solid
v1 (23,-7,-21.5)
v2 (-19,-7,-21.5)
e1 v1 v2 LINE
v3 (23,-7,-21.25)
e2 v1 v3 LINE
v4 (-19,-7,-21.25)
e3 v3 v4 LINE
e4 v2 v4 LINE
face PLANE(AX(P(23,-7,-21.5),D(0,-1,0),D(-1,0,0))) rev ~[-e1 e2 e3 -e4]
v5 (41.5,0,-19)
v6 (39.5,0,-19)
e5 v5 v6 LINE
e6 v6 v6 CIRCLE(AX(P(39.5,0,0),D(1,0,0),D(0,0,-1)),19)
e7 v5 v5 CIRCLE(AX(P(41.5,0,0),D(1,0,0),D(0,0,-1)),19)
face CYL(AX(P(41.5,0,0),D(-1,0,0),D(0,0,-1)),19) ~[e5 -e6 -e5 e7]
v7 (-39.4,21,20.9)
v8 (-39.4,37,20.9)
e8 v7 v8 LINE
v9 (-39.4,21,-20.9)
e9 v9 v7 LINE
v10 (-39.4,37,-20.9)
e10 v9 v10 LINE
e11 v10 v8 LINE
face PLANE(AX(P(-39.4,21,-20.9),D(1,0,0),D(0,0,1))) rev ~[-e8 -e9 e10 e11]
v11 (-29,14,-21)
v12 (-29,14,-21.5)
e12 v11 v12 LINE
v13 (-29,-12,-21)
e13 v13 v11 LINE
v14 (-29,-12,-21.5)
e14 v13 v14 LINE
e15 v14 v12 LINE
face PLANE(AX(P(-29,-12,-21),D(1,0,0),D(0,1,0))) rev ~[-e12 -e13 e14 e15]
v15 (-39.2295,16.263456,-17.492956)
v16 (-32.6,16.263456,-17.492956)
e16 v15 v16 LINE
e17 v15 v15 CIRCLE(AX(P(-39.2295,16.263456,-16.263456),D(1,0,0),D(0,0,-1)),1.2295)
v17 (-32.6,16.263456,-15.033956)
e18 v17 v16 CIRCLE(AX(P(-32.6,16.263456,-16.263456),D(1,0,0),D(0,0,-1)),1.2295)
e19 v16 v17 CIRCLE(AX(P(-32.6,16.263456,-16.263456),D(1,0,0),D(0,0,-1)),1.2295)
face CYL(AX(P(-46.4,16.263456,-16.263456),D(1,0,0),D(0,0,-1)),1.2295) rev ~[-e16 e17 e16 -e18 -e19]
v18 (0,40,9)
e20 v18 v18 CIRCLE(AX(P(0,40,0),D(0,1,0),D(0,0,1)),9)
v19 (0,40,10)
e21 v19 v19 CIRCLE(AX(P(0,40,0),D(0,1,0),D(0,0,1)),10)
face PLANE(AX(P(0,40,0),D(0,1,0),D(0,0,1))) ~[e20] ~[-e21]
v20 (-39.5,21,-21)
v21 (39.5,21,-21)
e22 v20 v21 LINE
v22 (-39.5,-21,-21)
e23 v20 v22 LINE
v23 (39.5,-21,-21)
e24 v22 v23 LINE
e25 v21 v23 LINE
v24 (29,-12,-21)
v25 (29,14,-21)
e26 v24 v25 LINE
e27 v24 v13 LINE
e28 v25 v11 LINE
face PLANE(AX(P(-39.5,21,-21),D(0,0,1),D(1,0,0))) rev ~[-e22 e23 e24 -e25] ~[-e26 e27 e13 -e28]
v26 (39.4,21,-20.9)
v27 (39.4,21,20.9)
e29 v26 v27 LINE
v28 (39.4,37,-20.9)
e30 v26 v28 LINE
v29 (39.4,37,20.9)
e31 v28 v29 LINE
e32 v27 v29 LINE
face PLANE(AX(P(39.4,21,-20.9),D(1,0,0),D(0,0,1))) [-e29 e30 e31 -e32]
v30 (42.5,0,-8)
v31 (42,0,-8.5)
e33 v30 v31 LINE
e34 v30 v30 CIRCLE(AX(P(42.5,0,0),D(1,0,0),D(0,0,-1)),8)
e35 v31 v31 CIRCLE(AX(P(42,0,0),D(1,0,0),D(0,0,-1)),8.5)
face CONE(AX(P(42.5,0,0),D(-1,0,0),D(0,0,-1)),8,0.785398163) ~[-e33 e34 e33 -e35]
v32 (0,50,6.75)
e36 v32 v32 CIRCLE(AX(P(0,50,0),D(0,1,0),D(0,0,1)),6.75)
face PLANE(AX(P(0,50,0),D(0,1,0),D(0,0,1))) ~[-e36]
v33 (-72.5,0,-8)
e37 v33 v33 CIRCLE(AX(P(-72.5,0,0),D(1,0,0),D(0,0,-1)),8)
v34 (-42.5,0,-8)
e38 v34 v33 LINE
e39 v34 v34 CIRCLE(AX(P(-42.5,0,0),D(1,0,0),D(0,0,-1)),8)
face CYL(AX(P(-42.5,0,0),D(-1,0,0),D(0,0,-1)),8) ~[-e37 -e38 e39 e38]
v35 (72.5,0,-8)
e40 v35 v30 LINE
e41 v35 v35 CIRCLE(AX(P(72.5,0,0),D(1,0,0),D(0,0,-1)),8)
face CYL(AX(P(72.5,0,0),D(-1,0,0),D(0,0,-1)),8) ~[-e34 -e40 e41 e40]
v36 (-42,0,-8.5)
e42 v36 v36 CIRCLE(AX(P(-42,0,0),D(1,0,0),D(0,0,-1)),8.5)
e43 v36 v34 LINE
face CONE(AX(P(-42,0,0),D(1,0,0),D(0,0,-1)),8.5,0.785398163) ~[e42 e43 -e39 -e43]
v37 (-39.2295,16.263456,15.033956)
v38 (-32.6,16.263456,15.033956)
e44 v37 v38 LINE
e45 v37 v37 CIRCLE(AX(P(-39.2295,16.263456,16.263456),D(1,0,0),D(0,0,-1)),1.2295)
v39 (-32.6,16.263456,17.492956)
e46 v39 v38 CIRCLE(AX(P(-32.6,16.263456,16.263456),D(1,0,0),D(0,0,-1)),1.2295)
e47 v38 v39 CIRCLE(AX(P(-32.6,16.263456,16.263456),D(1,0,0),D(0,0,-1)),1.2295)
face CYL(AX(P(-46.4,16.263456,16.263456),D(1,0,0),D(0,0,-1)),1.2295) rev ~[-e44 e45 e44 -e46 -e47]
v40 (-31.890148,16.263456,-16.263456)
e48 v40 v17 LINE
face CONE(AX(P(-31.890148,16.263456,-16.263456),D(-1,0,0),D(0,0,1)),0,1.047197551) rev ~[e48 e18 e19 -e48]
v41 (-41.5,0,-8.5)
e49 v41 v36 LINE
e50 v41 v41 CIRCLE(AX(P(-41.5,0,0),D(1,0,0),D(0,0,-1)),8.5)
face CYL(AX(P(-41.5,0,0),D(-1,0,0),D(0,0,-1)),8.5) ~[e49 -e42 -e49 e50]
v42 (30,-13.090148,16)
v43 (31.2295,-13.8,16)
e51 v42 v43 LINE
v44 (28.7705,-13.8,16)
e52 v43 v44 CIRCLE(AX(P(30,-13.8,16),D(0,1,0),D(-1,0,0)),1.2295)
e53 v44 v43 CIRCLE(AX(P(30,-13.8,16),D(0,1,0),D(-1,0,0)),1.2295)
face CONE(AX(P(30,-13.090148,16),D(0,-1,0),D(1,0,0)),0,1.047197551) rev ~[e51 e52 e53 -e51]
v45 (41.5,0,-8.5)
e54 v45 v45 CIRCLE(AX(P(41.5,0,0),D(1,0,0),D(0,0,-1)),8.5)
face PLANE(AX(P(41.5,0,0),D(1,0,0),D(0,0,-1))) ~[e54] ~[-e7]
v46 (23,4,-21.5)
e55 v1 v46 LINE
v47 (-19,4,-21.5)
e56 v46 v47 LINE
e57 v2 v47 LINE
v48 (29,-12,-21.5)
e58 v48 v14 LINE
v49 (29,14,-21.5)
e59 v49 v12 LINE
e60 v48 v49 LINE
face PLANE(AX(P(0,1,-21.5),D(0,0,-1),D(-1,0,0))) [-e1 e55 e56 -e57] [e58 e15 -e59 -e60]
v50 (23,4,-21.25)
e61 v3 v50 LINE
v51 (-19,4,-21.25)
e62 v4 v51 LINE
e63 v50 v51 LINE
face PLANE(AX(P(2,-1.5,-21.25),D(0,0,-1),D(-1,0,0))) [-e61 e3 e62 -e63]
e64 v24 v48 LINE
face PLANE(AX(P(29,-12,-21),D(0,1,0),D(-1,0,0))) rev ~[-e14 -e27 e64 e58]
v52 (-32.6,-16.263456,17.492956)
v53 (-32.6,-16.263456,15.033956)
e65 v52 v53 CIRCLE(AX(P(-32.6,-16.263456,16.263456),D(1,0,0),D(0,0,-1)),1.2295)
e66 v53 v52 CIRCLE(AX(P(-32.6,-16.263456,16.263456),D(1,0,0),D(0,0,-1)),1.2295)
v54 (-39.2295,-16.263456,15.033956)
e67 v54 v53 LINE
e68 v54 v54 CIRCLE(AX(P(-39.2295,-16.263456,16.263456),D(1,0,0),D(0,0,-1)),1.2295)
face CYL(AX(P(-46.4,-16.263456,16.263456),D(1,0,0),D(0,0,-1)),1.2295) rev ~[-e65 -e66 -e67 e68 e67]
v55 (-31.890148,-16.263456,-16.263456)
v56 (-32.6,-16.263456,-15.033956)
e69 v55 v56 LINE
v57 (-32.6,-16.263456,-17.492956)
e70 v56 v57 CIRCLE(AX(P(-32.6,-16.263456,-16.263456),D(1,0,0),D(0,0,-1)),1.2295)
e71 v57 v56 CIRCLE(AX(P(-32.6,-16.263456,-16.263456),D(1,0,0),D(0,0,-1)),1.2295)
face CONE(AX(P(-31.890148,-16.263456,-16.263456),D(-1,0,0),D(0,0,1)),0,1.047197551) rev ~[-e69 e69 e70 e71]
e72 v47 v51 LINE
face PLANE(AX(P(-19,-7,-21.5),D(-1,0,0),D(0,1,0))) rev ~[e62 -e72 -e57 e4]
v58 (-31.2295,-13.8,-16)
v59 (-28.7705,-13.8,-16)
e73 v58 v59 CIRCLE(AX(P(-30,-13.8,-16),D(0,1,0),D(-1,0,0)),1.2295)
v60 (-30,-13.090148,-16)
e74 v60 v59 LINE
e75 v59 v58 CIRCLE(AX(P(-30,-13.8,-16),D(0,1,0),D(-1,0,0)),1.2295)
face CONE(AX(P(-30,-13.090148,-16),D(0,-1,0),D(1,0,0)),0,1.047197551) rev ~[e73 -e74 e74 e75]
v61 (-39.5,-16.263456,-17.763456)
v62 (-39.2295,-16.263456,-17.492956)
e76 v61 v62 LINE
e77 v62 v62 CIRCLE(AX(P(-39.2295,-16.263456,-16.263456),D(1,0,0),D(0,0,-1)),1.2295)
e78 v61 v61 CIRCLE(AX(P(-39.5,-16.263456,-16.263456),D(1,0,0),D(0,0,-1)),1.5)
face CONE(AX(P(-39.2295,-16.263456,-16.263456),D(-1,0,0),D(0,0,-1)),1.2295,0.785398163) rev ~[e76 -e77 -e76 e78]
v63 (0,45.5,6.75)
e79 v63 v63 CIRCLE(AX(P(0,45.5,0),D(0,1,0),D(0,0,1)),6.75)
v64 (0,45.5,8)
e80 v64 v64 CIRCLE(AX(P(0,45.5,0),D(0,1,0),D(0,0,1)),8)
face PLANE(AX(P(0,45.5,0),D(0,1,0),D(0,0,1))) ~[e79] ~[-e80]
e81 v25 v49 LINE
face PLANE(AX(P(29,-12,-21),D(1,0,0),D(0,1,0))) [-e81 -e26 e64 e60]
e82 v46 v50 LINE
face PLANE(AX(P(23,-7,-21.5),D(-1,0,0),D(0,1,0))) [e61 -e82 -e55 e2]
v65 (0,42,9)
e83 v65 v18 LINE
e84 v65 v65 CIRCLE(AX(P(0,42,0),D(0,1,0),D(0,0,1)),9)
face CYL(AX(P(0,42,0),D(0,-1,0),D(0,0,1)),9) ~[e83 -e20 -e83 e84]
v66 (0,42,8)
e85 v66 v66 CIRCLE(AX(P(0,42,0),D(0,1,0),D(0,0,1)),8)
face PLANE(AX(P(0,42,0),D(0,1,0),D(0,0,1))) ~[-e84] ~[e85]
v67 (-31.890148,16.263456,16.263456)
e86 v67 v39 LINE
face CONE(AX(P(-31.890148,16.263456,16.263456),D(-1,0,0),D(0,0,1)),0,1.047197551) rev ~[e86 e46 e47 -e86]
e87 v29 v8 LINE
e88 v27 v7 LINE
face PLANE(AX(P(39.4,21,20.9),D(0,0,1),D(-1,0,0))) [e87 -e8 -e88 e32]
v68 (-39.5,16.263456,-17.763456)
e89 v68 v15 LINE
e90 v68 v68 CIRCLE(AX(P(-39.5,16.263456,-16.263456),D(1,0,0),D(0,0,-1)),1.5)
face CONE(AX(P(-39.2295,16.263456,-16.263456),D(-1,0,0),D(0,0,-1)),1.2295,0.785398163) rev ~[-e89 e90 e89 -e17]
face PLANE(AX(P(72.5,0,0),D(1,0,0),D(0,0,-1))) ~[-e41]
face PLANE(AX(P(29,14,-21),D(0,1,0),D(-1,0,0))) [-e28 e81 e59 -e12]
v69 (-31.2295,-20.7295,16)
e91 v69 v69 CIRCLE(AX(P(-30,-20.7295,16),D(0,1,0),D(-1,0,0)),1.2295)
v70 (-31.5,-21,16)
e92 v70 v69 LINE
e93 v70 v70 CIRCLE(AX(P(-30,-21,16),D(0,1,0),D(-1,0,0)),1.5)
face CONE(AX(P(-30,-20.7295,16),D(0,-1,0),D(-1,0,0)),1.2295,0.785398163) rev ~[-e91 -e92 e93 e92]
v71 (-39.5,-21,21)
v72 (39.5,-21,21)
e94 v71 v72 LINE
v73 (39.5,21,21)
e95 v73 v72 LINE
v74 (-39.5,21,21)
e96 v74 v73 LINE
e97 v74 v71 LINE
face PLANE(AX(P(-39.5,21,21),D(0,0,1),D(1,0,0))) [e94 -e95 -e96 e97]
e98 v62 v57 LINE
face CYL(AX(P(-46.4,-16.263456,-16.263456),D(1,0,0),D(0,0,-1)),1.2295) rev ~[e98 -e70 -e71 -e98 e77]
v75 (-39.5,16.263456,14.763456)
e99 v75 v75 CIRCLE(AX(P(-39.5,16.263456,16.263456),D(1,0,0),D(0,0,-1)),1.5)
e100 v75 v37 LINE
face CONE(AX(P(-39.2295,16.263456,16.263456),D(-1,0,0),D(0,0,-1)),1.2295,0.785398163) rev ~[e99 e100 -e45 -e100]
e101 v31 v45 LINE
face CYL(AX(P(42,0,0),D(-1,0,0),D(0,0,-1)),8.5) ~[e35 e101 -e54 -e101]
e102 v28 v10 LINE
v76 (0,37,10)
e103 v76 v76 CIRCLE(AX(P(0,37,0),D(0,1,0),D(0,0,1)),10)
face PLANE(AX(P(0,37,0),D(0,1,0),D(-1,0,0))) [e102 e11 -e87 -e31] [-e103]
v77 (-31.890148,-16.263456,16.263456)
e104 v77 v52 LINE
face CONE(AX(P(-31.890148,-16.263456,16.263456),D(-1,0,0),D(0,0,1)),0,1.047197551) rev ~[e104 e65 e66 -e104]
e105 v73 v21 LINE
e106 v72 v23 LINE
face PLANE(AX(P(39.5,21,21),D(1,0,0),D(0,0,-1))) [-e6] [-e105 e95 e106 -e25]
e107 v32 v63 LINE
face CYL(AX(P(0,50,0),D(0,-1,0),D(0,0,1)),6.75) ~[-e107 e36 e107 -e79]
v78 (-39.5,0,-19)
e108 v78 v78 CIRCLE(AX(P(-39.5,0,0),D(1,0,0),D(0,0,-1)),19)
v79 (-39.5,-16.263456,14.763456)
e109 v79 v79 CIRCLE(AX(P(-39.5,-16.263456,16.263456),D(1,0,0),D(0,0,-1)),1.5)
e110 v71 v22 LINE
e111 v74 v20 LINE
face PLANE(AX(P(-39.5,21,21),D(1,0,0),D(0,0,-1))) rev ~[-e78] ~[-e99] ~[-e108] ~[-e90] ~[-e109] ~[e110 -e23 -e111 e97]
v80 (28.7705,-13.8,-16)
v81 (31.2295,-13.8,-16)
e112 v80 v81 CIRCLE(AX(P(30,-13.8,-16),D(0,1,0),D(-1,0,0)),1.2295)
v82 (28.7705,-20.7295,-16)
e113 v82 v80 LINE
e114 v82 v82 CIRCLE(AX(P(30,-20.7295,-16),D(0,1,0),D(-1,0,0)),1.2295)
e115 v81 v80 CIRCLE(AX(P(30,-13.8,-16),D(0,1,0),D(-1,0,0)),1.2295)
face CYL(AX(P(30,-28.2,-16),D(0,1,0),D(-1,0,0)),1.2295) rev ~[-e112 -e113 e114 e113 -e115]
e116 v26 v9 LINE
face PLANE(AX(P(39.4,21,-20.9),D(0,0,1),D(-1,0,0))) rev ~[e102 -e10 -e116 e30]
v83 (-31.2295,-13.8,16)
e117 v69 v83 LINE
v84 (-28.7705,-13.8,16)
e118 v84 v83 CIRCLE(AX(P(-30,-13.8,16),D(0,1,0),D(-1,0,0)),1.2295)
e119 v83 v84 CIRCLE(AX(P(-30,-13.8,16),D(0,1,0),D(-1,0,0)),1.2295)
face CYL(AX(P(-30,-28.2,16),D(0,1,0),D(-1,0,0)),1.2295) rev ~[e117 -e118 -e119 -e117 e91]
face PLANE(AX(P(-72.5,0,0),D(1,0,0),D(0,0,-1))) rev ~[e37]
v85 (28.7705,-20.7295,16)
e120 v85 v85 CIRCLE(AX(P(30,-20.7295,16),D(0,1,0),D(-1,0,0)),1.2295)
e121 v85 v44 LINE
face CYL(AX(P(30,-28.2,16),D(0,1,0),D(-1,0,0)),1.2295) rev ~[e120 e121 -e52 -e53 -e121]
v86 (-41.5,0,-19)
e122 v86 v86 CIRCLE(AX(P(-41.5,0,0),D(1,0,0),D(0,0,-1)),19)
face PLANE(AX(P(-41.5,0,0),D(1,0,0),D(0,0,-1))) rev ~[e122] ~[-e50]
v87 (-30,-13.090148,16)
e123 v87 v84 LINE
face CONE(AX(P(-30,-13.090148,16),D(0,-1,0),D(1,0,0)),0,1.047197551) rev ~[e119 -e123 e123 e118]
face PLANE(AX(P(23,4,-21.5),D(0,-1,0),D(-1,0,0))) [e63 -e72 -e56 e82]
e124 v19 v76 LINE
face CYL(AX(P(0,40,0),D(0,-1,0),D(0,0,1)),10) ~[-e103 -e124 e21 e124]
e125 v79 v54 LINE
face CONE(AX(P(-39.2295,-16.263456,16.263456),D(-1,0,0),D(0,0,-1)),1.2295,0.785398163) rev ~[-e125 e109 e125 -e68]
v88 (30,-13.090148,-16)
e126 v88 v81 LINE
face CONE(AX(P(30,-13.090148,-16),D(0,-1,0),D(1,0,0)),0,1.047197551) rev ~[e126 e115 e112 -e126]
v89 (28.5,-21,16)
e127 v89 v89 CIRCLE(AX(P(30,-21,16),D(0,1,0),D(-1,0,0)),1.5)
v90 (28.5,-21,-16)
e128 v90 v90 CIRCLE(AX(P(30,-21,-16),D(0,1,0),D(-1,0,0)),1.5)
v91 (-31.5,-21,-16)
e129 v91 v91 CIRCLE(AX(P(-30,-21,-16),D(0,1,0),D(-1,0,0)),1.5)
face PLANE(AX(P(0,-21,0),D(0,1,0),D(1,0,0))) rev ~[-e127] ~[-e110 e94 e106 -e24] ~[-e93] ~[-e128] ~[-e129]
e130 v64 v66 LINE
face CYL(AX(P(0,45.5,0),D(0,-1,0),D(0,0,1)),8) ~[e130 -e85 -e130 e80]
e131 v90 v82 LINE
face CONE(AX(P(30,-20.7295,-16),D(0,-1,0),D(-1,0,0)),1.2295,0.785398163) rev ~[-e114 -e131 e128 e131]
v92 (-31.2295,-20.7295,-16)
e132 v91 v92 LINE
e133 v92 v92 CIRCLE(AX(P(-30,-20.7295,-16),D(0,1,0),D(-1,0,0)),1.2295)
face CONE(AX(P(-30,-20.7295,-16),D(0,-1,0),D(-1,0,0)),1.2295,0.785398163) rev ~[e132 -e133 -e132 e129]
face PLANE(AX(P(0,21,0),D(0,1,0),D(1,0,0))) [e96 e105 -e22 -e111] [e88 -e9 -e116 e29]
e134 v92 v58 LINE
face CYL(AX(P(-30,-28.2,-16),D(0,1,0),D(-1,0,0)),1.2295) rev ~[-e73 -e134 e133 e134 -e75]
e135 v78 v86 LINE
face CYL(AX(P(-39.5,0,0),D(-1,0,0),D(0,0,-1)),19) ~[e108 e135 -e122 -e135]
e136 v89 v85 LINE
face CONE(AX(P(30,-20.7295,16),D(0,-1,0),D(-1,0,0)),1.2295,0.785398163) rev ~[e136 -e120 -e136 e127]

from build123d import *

# Parameters (mm, degrees)
SKETCH1_W                = 79
SKETCH1_H                = 42
BOSS_EXTRUDE1_DEPTH      = 42
SKETCH2_W                = 78.8
SKETCH2_H                = 41.8
BOSS_EXTRUDE2_DEPTH      = 16
SKETCH3_W                = 58
SKETCH3_H                = 26
BOSS_EXTRUDE3_DEPTH      = 0.5
SKETCH4_W                = 42
SKETCH4_H                = 11
CUT_EXTRUDE1_DEPTH       = 0.25
M2_CLEARANCE_HOLE1_D     = 2.459
M2_CLEARANCE_HOLE1_DEPTH = 6.9
M2_CLEARANCE_HOLE1_TIP   = 0.709852156
M2_CLEARANCE_HOLE2_D     = 2.459
M2_CLEARANCE_HOLE2_DEPTH = 7.2
M2_CLEARANCE_HOLE2_TIP   = 0.709852156
CHAMFER1_SIZE            = 0.2705


with BuildPart() as part:
    # Sketch1 → Boss-Extrude1 (new body)
    with BuildSketch(Plane(origin=(0, 21, 0), x_dir=(1, 0, 0), z_dir=(0, 1, 0))):
        Rectangle(SKETCH1_W, SKETCH1_H)
    extrude(amount=-BOSS_EXTRUDE1_DEPTH)

    # Sketch2 → Boss-Extrude2 (add)
    with BuildSketch(Plane(origin=(0, 21, 0), x_dir=(-1, 0, 0), z_dir=(0, 1, 0))):
        Rectangle(SKETCH2_W, SKETCH2_H)
    extrude(amount=BOSS_EXTRUDE2_DEPTH)

    # Sketch3 → Boss-Extrude3 (add)
    with BuildSketch(Plane(origin=(0, 0, -21), x_dir=(-1, 0, 0), z_dir=(0, 0, -1))):
        with Locations((0, 1)):
            Rectangle(SKETCH3_W, SKETCH3_H)
    extrude(amount=BOSS_EXTRUDE3_DEPTH)

    # Sketch4 → Cut-Extrude1 (cut)
    with BuildSketch(Plane(origin=(0, 0, -21.5), x_dir=(-1, 0, 0), z_dir=(0, 0, -1))):
        with Locations((-2, -1.5)):
            Rectangle(SKETCH4_W, SKETCH4_H)
    extrude(amount=-CUT_EXTRUDE1_DEPTH, mode=Mode.SUBTRACT)

    # Sketch5 → Revolve1 (revolve)
    with BuildSketch(Plane(origin=(0, 0, 0), x_dir=(-1, 0, 0), z_dir=(0, 0, -1)), mode=Mode.PRIVATE) as revolve1_sk:
        Polygon((-10, 37), (0, 37), (0, 50), (-6.75, 50), (-6.75, 45.5), (-8, 45.5), (-8, 42), (-9, 42), (-9, 40), (-10, 40), align=None)
    revolve(revolve1_sk.sketch.rotate(Axis((0, 37, 0), (0, 1, 0)), 270), axis=Axis((0, 37, 0), (0, 1, 0)))

    # Sketch6 → Revolve2 (revolve)
    with BuildSketch(Plane.XY, mode=Mode.PRIVATE) as revolve2_sk:
        Polygon((39.5, 19), (39.5, 0), (72.5, 0), (72.5, 8), (42.5, 8), (42, 8.5), (41.5, 8.5), (41.5, 19), align=None)
    revolve(revolve2_sk.sketch.rotate(Axis((39.5, 0, 0), (1, 0, 0)), 270), axis=Axis((39.5, 0, 0), (1, 0, 0)))

    # Sketch7 → Revolve3 (revolve)
    with BuildSketch(Plane.XY, mode=Mode.PRIVATE) as revolve3_sk:
        Polygon((-72.5, 8), (-72.5, 0), (-39.5, 0), (-39.5, 19), (-41.5, 19), (-41.5, 8.5), (-42, 8.5), (-42.5, 8), align=None)
    revolve(revolve3_sk.sketch.rotate(Axis((-72.5, 0, 0), (1, 0, 0)), 270), axis=Axis((-72.5, 0, 0), (1, 0, 0)))

    # M2 Clearance Hole1
    with Locations(Plane.ZY.offset(39.5)):
        with Locations((-16.263455967, 16.263455967), (16.263455967, 16.263455967), (16.263455967, -16.263455967), (-16.263455967, -16.263455967)):
            Hole(M2_CLEARANCE_HOLE1_D / 2, depth=M2_CLEARANCE_HOLE1_DEPTH)
            with Locations((0, 0, -(M2_CLEARANCE_HOLE1_DEPTH + M2_CLEARANCE_HOLE1_TIP / 2))):  # 120° drill point
                Cone(0, M2_CLEARANCE_HOLE1_D / 2, M2_CLEARANCE_HOLE1_TIP, mode=Mode.SUBTRACT)

    # M2 Clearance Hole2
    with Locations(Plane.XZ.offset(21)):
        with Locations((30, 16), (-30, 16), (30, -16), (-30, -16)):
            Hole(M2_CLEARANCE_HOLE2_D / 2, depth=M2_CLEARANCE_HOLE2_DEPTH)
            with Locations((0, 0, -(M2_CLEARANCE_HOLE2_DEPTH + M2_CLEARANCE_HOLE2_TIP / 2))):  # 120° drill point
                Cone(0, M2_CLEARANCE_HOLE2_D / 2, M2_CLEARANCE_HOLE2_TIP, mode=Mode.SUBTRACT)

    # Chamfer1
    chamfer1_edges = [part.edges().sort_by_distance(p)[0] for p in [
        (-28.7705, -21, 16),
        (31.2295, -21, 16),
        (-39.5, -16.263455967, -15.033955967),
        (-39.5, -16.263455967, 17.492955967),
        (-39.5, 16.263455967, 17.492955967),
        (-39.5, 16.263455967, -15.033955967),
        (-28.7705, -21, -16),
        (31.2295, -21, -16),
    ]]
    chamfer(chamfer1_edges, length=CHAMFER1_SIZE)


solid = part.part
